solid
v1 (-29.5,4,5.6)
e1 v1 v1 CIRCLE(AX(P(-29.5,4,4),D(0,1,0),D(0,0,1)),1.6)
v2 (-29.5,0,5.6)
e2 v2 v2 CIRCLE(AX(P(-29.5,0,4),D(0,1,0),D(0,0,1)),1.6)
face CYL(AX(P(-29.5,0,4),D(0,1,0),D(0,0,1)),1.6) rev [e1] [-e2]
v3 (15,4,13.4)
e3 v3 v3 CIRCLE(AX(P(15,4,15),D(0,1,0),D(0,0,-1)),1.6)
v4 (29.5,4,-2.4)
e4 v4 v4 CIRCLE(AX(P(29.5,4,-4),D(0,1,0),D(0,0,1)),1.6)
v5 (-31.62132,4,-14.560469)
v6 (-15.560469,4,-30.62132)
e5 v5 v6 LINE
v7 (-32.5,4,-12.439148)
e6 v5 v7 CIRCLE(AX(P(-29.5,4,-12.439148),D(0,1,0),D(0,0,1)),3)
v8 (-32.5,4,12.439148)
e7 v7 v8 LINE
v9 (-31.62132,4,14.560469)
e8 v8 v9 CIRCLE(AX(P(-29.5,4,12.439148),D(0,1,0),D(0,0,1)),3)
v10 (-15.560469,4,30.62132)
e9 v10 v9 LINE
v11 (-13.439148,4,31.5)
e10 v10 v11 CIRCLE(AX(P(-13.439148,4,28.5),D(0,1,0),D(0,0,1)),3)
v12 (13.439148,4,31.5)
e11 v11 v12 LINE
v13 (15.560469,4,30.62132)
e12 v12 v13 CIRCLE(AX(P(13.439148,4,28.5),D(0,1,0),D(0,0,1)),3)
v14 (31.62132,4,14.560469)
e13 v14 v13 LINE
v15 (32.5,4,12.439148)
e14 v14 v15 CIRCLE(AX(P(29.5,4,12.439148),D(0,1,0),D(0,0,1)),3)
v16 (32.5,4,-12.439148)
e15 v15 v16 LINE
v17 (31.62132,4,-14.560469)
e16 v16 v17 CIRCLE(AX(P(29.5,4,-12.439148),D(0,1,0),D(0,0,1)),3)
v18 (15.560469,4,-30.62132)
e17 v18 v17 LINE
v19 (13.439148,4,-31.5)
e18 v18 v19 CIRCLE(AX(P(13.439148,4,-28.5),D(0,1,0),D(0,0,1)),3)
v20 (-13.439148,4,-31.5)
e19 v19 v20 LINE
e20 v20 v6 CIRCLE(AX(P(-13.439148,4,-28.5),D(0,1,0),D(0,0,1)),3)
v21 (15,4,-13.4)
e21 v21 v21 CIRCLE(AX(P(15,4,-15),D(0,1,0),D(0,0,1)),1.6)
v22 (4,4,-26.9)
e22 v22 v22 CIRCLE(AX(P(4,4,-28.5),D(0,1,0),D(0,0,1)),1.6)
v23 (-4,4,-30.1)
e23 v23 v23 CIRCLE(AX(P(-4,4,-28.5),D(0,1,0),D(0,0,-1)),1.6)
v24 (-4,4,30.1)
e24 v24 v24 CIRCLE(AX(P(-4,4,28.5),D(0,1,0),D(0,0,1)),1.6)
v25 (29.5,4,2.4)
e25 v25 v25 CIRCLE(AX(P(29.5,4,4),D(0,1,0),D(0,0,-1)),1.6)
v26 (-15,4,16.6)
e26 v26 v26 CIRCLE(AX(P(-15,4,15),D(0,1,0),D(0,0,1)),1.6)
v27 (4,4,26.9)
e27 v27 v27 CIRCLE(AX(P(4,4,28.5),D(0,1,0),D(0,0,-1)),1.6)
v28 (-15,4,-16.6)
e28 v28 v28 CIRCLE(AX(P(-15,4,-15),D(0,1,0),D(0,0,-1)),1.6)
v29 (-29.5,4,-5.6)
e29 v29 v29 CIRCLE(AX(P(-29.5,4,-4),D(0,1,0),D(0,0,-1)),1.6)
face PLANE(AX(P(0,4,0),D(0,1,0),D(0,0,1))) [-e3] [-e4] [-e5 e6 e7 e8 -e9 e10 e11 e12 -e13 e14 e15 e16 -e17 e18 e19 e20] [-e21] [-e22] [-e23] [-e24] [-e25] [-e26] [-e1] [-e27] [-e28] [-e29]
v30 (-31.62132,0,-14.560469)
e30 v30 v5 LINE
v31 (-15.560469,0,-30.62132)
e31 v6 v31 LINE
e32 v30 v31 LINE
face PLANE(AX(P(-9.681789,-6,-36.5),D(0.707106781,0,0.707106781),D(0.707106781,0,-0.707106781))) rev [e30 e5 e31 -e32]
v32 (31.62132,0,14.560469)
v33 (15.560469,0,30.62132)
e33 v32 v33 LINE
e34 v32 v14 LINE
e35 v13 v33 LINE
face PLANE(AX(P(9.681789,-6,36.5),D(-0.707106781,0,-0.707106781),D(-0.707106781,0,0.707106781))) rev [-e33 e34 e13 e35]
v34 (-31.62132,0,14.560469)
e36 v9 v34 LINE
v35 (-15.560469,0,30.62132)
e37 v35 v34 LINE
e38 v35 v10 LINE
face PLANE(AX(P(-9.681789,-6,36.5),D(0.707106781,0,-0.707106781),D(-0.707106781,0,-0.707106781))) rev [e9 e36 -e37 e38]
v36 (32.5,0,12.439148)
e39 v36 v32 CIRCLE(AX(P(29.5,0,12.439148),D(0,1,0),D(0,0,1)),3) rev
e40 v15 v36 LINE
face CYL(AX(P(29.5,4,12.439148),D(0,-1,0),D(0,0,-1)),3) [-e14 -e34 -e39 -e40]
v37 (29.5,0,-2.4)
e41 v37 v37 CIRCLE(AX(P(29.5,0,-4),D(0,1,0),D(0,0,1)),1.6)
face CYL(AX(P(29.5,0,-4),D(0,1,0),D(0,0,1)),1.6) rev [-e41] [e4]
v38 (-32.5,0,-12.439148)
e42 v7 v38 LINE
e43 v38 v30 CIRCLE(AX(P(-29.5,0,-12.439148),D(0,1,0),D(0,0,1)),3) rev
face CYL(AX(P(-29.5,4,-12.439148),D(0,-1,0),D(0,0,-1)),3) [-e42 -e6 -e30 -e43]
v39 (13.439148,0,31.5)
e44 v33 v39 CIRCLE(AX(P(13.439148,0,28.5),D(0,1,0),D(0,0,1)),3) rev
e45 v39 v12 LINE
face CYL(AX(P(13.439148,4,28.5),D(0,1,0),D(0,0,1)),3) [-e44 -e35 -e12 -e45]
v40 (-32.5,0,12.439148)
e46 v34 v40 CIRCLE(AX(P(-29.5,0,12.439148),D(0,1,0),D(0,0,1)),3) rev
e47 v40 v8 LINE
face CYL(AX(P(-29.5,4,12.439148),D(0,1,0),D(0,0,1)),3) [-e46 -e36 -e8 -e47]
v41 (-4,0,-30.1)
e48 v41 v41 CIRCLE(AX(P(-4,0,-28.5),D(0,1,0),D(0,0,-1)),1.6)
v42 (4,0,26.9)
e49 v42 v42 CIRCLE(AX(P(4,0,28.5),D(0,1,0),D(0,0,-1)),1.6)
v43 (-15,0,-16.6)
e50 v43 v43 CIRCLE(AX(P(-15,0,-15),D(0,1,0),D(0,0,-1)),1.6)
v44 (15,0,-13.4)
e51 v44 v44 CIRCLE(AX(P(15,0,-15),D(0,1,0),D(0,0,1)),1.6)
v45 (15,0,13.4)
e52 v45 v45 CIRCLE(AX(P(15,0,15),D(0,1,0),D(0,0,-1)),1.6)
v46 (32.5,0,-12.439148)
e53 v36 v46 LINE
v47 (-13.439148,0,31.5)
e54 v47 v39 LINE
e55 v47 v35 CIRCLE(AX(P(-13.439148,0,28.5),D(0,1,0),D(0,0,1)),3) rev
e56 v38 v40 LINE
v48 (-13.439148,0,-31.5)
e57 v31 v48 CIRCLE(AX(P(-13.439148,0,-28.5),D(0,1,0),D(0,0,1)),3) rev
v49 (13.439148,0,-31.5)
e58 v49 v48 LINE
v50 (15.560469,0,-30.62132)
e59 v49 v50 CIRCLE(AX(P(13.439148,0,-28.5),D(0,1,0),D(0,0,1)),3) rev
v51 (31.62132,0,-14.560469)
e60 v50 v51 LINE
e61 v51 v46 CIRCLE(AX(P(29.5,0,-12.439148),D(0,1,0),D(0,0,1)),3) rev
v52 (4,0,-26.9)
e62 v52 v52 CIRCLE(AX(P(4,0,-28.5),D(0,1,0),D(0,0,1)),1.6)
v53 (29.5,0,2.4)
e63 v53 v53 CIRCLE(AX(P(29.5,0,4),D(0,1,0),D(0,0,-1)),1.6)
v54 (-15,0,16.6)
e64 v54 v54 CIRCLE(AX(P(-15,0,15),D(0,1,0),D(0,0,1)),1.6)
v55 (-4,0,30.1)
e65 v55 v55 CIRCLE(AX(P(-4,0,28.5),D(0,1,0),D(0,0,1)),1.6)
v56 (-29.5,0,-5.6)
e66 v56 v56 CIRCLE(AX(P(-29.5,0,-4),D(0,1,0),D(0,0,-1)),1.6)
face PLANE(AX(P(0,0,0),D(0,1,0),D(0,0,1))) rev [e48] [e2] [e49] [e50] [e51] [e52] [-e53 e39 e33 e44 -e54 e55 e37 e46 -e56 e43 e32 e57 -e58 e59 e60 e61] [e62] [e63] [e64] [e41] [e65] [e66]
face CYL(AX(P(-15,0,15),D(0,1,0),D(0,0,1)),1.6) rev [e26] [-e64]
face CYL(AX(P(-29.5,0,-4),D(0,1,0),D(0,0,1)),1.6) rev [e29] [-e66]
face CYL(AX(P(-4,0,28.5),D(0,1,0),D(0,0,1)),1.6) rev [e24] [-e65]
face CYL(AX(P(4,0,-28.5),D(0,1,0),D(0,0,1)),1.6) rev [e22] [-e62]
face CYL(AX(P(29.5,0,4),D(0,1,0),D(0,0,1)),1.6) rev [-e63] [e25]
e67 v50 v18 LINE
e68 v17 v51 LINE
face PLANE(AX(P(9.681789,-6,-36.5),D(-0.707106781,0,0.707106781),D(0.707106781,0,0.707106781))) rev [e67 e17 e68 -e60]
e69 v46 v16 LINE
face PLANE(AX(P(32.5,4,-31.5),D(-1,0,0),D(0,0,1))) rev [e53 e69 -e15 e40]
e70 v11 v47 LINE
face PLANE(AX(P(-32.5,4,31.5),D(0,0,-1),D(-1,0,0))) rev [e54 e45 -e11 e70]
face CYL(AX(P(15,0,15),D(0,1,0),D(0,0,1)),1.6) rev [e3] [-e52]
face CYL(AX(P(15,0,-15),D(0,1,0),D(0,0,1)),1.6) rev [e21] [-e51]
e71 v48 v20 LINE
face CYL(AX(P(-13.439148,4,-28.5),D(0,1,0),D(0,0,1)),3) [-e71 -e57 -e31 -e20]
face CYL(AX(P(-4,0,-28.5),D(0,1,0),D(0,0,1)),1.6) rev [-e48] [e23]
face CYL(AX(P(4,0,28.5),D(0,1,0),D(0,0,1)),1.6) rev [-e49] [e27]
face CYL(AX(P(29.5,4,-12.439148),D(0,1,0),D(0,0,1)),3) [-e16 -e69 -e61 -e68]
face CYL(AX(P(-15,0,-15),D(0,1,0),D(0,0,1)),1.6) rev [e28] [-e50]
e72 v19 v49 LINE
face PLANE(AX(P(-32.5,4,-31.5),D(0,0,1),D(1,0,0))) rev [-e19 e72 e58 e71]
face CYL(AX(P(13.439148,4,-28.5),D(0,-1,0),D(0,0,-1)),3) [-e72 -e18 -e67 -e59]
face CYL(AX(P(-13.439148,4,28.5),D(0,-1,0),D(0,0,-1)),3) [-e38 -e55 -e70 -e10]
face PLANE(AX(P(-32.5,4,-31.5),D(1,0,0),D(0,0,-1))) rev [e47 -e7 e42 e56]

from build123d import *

# Parameters (mm, degrees)
SKETCH_1_W          = 65
SKETCH_1_H          = 63
EXTRUDE_1_DEPTH     = 4
SKETCH_2_R          = 1.6
CUT_EXTRUDE_1_DEPTH = 4
SKETCH_3_R          = 1.6
CUT_EXTRUDE_2_DEPTH = 4
FILLET_1_R          = 3
CUT_EXTRUDE_3_DEPTH = 10
FILLET_2_R          = 3


with BuildPart() as part:
    # 草图1 → 凸台-拉伸1 (new body)
    with BuildSketch(Plane(origin=(0, 0, 0), x_dir=(1, 0, 0), z_dir=(0, 1, 0))):
        Rectangle(SKETCH_1_W, SKETCH_1_H)
    extrude(amount=EXTRUDE_1_DEPTH)

    # 草图2 → 切除-拉伸1 (cut)
    with BuildSketch(Plane(origin=(0, 4, 0), x_dir=(1, 0, 0), z_dir=(0, 1, 0))):
        with Locations(Location((-15, -15, 0), (0, 0, 270))):
            Circle(SKETCH_2_R)
        with Locations(Location((-15, 15, 0), (0, 0, 90))):
            Circle(SKETCH_2_R)
        with Locations(Location((15, 15, 0), (0, 0, 270))):
            Circle(SKETCH_2_R)
        with Locations(Location((15, -15, 0), (0, 0, 90))):
            Circle(SKETCH_2_R)
    extrude(amount=-CUT_EXTRUDE_1_DEPTH, mode=Mode.SUBTRACT)

    # 草图3 → 切除-拉伸2 (cut)
    with BuildSketch(Plane(origin=(0, 4, 0), x_dir=(1, 0, 0), z_dir=(0, 1, 0))):
        with Locations(Location((-4, -28.5, 0), (0, 0, 270))):
            Circle(SKETCH_3_R)
        with Locations(Location((4, -28.5, 0), (0, 0, 90))):
            Circle(SKETCH_3_R)
        with Locations(Location((4, 28.5, 0), (0, 0, 270))):
            Circle(SKETCH_3_R)
        with Locations(Location((-4, 28.5, 0), (0, 0, 90))):
            Circle(SKETCH_3_R)
        with Locations(Location((-29.5, -4, 0), (0, 0, 270))):
            Circle(SKETCH_3_R)
        with Locations(Location((-29.5, 4, 0), (0, 0, 90))):
            Circle(SKETCH_3_R)
        with Locations(Location((29.5, 4, 0), (0, 0, 270))):
            Circle(SKETCH_3_R)
        with Locations(Location((29.5, -4, 0), (0, 0, 90))):
            Circle(SKETCH_3_R)
    extrude(amount=-CUT_EXTRUDE_2_DEPTH, mode=Mode.SUBTRACT)

    # 圆角1
    fillet_1_edges = [part.edges().sort_by_distance(p)[0] for p in [
        (32.5, 2, 31.5),
        (-32.5, 2, 31.5),
        (-32.5, 2, -31.5),
        (32.5, 2, -31.5),
    ]]
    fillet(fillet_1_edges, radius=FILLET_1_R)

    # 草图5 → 切除-拉伸3 (cut)
    with BuildSketch(Plane(origin=(0, 4, 0), x_dir=(1, 0, 0), z_dir=(0, 1, 0))):
        Polygon((-47.682171846, -46.682171846), (-9.681789184, -36.5), (-37.5, -8.681789184), align=None)
        Polygon((37.5, -8.681789184), (47.682171846, -46.682171846), (9.681789184, -36.5), align=None)
        Polygon((-37.5, 8.681789184), (-47.682171846, 46.682171846), (-9.681789184, 36.5), align=None)
        Polygon((37.5, 8.681789184), (47.682171846, 46.682171846), (9.681789184, 36.5), align=None)
    extrude(amount=-CUT_EXTRUDE_3_DEPTH, mode=Mode.SUBTRACT)

    # 圆角2
    fillet_2_edges = [part.edges().sort_by_distance(p)[0] for p in [
        (32.5, 2, 13.681789184),
        (14.681789184, 2, 31.5),
        (-14.681789184, 2, -31.5),
        (-32.5, 2, -13.681789184),
        (32.5, 2, -13.681789184),
        (14.681789184, 2, -31.5),
        (-32.5, 2, 13.681789184),
        (-14.681789184, 2, 31.5),
    ]]
    fillet(fillet_2_edges, radius=FILLET_2_R)


solid = part.part
